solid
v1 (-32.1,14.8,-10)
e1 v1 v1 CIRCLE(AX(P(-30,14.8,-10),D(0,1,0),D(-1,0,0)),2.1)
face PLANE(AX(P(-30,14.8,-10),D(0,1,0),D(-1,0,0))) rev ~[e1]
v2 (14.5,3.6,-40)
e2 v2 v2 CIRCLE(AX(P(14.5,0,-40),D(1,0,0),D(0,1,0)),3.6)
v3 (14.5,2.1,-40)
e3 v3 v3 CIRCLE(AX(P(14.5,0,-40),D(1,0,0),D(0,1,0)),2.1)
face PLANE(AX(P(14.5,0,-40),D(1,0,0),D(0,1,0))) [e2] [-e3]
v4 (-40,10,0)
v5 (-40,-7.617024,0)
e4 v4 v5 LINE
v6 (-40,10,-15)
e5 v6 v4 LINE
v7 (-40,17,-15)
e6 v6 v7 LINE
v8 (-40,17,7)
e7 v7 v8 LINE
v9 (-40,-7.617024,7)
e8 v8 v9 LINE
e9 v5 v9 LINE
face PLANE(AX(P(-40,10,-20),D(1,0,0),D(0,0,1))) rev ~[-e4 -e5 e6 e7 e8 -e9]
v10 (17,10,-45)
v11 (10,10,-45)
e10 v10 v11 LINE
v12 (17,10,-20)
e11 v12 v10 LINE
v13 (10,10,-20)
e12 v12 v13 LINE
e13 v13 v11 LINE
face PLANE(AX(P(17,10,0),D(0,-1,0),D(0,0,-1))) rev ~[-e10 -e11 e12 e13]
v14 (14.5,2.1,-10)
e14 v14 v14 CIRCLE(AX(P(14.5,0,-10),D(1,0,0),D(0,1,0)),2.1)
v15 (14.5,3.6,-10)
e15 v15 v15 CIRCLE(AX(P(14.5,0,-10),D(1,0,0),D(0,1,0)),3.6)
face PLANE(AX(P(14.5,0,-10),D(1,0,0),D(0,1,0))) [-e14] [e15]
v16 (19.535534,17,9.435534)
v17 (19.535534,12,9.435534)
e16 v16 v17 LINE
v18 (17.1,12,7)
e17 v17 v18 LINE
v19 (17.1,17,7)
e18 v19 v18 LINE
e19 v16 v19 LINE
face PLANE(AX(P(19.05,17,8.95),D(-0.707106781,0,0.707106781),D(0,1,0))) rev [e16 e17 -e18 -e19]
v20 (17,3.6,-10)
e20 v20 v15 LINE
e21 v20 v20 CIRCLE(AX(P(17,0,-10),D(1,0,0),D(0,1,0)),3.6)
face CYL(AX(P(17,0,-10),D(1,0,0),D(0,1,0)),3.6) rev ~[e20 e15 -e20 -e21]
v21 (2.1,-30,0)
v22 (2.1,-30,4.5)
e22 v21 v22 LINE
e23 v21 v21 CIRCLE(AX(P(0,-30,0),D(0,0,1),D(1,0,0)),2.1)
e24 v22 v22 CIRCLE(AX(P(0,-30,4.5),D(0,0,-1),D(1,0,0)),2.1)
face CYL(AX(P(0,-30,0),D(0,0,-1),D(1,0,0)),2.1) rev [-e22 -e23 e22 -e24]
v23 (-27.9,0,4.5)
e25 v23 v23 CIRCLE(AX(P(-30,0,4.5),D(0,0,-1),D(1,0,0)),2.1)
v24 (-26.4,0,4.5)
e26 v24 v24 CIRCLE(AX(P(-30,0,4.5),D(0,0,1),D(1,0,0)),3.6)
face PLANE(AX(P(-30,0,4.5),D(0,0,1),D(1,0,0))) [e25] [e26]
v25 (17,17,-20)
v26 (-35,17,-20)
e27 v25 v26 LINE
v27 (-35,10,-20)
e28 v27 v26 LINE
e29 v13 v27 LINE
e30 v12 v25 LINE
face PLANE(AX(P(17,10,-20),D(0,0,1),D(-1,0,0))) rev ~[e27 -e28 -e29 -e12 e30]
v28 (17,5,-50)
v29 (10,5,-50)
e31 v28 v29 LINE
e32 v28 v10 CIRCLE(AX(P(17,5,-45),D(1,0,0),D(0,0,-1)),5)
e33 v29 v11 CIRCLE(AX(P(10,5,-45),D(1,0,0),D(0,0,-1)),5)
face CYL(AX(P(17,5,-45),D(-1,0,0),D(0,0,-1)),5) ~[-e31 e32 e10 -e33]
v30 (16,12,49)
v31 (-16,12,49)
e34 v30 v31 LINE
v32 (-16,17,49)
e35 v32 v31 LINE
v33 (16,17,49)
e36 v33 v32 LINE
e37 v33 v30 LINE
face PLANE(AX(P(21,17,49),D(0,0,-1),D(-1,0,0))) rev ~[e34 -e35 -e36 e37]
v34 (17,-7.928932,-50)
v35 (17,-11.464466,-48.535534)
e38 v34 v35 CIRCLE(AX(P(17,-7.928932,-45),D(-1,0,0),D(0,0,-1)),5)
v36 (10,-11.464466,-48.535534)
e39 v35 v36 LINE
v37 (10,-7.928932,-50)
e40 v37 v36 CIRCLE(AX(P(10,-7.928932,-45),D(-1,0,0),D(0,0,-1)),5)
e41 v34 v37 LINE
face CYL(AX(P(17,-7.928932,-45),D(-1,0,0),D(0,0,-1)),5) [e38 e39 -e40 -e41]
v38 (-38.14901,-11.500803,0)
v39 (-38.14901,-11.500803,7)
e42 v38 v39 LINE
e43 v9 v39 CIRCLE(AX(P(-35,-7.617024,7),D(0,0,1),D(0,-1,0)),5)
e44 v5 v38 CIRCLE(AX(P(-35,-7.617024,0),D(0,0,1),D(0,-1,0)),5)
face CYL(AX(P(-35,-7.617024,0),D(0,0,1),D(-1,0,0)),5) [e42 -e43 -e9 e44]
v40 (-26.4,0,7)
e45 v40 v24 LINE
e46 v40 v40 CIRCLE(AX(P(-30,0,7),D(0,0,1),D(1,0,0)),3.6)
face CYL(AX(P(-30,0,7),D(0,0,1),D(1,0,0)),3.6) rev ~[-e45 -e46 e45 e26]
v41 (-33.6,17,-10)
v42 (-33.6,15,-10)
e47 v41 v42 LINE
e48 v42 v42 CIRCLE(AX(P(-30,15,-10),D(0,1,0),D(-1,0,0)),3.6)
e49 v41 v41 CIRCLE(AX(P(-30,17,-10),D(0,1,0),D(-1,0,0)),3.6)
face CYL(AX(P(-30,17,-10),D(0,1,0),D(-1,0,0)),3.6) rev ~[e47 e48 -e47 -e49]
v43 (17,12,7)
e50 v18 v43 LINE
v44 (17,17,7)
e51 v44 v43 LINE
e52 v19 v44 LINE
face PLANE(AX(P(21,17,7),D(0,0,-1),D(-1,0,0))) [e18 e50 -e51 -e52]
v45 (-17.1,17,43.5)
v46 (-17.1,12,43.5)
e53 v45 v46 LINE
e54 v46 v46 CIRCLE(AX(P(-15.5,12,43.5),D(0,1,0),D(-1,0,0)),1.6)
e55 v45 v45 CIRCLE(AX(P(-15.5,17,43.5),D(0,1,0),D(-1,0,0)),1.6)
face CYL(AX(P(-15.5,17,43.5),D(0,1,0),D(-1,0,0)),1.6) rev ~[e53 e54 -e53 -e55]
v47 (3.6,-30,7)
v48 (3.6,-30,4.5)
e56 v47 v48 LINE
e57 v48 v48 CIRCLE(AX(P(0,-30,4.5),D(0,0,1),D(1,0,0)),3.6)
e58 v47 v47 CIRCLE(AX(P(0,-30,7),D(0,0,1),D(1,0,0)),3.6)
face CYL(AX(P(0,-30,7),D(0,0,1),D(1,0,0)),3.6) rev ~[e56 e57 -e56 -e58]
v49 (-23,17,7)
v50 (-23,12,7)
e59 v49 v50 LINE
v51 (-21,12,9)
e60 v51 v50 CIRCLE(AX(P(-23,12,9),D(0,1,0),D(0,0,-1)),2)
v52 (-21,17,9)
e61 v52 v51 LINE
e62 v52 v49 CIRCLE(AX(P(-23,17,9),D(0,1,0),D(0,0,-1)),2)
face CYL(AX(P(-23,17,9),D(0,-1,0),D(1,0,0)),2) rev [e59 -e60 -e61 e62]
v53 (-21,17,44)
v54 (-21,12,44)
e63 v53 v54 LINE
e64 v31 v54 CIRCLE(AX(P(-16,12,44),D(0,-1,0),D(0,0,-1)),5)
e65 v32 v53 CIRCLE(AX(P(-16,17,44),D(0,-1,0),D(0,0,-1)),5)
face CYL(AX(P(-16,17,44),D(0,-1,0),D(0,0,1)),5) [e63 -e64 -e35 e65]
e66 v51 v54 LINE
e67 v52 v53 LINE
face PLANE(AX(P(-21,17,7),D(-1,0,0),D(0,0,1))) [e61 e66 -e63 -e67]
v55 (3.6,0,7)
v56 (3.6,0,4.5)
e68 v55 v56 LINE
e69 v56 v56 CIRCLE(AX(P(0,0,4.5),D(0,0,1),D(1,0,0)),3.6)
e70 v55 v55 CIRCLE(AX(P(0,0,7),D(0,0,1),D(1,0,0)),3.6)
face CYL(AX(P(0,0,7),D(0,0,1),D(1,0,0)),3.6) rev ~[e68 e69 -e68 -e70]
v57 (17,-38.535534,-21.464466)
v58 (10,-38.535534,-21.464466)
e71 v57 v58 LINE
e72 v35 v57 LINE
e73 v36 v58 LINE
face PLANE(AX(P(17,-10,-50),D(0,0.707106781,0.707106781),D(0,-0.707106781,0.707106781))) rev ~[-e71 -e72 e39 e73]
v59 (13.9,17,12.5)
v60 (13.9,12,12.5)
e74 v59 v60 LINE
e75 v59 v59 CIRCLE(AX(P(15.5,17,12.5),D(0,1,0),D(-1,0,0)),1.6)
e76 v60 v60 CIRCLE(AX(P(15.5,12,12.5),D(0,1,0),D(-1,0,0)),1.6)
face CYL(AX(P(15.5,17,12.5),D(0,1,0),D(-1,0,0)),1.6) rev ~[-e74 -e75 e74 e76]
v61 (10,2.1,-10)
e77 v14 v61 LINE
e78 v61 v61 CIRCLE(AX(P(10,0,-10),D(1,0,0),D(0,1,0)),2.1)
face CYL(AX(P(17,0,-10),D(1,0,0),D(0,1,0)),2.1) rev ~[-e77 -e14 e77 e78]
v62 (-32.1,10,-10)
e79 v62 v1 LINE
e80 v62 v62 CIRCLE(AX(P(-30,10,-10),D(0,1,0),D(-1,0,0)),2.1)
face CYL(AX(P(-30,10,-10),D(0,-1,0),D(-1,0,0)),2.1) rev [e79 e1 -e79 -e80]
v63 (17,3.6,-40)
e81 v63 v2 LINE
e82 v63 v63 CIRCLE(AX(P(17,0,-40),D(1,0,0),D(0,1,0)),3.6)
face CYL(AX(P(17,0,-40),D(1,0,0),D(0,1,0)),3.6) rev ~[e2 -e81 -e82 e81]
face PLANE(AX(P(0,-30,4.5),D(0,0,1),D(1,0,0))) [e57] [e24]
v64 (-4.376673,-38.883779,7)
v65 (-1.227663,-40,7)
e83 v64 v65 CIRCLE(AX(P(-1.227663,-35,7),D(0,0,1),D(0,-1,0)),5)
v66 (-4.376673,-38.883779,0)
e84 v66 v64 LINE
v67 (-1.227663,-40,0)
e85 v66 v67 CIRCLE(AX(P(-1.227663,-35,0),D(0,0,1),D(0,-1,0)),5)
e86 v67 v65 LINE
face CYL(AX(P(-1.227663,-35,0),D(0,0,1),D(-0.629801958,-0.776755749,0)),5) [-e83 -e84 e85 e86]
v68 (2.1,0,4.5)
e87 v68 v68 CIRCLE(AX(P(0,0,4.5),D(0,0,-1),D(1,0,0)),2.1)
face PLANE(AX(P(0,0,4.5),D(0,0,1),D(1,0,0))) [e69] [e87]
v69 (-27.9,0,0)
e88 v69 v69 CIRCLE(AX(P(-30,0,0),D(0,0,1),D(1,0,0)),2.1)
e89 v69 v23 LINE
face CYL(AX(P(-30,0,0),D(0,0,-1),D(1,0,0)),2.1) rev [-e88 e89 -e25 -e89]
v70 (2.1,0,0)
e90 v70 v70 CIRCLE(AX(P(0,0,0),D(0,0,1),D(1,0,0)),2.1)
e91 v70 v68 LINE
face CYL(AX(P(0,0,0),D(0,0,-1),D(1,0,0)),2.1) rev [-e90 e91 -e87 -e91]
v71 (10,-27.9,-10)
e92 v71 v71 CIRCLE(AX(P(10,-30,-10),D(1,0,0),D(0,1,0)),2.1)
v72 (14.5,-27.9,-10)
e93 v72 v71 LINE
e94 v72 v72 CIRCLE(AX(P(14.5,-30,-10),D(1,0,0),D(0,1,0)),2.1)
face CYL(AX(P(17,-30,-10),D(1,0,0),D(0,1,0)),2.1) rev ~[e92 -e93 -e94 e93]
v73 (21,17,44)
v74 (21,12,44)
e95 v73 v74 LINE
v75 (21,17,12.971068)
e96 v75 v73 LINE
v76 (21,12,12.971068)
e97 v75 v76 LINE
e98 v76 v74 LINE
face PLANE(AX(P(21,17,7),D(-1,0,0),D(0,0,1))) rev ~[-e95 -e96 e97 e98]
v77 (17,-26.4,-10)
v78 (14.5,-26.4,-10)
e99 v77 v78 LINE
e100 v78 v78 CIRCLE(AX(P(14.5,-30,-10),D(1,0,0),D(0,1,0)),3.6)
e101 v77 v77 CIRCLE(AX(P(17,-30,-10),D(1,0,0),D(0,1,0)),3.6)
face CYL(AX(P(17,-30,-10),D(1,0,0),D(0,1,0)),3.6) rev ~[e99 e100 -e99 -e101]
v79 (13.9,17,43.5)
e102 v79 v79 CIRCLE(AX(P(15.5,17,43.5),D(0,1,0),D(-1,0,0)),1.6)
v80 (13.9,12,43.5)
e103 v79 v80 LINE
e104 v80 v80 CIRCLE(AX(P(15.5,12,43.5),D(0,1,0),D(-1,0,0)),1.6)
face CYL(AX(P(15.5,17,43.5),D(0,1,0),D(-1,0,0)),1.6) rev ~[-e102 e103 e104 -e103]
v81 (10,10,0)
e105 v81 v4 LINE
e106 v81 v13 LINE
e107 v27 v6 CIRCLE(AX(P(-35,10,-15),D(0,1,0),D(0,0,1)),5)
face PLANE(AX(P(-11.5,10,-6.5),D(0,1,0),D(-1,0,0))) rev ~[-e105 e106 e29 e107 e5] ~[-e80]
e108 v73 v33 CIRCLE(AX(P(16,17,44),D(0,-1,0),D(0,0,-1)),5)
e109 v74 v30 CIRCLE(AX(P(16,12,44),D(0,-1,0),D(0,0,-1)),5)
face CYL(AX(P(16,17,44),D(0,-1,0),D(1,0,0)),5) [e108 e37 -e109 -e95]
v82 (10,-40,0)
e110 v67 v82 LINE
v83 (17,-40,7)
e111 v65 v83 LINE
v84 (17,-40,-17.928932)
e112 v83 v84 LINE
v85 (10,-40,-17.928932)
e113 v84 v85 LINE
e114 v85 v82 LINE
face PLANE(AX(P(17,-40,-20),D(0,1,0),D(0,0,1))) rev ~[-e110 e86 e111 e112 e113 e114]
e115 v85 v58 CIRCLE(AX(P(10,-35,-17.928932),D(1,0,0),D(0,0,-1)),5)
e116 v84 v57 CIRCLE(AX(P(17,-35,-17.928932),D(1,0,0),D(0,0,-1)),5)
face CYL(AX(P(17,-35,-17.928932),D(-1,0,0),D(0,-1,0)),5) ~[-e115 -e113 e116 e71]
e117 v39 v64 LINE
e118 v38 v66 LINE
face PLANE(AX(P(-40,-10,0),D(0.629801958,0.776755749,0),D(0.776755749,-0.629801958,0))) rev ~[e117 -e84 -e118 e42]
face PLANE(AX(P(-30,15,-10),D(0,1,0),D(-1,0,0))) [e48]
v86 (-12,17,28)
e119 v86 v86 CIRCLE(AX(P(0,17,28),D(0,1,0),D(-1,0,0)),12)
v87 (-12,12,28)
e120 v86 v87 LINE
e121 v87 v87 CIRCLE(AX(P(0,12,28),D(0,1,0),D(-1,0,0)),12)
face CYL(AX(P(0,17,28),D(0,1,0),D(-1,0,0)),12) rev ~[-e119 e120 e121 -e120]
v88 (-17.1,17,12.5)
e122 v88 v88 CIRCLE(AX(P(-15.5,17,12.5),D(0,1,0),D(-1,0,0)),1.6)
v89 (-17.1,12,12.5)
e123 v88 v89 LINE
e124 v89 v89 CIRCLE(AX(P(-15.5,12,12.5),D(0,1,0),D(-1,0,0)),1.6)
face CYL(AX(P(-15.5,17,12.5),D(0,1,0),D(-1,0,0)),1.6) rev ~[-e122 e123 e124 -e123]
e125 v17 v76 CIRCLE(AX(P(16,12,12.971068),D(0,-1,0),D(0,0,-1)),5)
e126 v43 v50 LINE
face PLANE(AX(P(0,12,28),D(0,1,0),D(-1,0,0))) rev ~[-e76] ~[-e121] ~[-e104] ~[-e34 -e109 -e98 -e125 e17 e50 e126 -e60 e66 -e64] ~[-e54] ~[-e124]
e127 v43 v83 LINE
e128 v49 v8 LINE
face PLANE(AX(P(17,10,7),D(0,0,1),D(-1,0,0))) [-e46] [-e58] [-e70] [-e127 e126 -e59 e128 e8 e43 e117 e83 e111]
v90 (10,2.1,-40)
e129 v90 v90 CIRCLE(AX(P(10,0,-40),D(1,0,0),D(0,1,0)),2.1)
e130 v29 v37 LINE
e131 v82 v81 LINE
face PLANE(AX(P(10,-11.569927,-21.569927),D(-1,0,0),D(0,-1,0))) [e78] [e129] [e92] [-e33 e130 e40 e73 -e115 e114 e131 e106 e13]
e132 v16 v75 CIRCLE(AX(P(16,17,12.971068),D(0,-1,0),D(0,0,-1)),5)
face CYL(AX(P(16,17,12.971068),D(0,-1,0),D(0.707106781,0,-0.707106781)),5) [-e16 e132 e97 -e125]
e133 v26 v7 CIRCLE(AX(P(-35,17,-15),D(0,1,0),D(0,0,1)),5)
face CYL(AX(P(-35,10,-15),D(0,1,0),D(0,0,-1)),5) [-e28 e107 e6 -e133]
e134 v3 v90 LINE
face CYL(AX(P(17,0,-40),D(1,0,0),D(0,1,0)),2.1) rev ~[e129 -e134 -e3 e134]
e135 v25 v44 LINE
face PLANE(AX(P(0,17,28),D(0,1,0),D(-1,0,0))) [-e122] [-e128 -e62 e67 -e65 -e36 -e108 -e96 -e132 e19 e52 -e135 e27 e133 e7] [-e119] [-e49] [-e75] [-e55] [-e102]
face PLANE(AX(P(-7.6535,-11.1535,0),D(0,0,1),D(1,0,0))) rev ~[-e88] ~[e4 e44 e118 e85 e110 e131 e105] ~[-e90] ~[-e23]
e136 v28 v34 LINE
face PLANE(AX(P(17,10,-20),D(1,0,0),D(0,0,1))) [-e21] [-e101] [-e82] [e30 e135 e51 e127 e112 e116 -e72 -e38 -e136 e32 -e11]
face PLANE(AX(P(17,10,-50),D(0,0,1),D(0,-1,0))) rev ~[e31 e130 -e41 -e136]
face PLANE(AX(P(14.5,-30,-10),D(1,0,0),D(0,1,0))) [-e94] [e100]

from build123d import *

# Parameters (mm, degrees)
SKETCH_R        = 2.1
PAD_DEPTH       = 7
SKETCH001_R     = 2.1
PAD001_DEPTH    = 7
SKETCH002_W     = 57
SKETCH002_H     = 27
SKETCH002_R     = 2.1
PAD002_DEPTH    = 7
SKETCH003_R     = 3.6
POCKET_DEPTH    = 2.5
SKETCH004_R     = 3.6
POCKET001_DEPTH = 2
SKETCH005_R     = 3.6
POCKET002_DEPTH = 2
SKETCH006_W     = 42
SKETCH006_H     = 42
SKETCH006_R     = 1.6
SKETCH006_R_2   = 12
PAD003_DEPTH    = 5
SKETCH007_R     = 3.6
POCKET003_DEPTH = 2.5
SKETCH008_R     = 2.1
PAD004_DEPTH    = 0.2
CHAMFER_SIZE    = 3.9
FILLET_R        = 5
FILLET001_R     = 2
FILLET002_R     = 5
FILLET003_R     = 5
FILLET004_R     = 5


with BuildPart() as part:
    # Sketch → Pad (new body)
    with BuildSketch(Plane.XY):
        Polygon((-40, 10), (-40, -10), (-3, -40), (17, -40), (17, 10), align=None)
        Circle(SKETCH_R, mode=Mode.SUBTRACT)
        with Locations((0, -30)):
            Circle(SKETCH_R, mode=Mode.SUBTRACT)
        with Locations((-30, 0)):
            Circle(SKETCH_R, mode=Mode.SUBTRACT)
    extrude(amount=PAD_DEPTH)

    # Sketch001 → Pad001 (new body)
    with BuildSketch(Plane.YZ.offset(17)):
        Polygon((10, 0), (10, -50), (-10, -50), (-40, -20), (-40, 0), align=None)
        with Locations((0, -10)):
            Circle(SKETCH001_R, mode=Mode.SUBTRACT)
        with Locations((0, -40)):
            Circle(SKETCH001_R, mode=Mode.SUBTRACT)
        with Locations((-30, -10)):
            Circle(SKETCH001_R, mode=Mode.SUBTRACT)
    extrude(amount=-PAD001_DEPTH)

    # Sketch002 → Pad002 (new body)
    with BuildSketch(Plane(origin=(0, 10, 0), x_dir=(-1, 0, 0), z_dir=(0, 1, 0))):
        with Locations((11.5, -6.5)):
            Rectangle(SKETCH002_W, SKETCH002_H)
        with Locations((30, -10)):
            Circle(SKETCH002_R, mode=Mode.SUBTRACT)
    extrude(amount=PAD002_DEPTH)

    # Sketch003 → Pocket (cut)
    with BuildSketch(Plane.XY.offset(7)):
        Circle(SKETCH003_R)
        with Locations((-30, 0)):
            Circle(SKETCH003_R)
        with Locations((0, -30)):
            Circle(SKETCH003_R)
    extrude(amount=-POCKET_DEPTH, mode=Mode.SUBTRACT)

    # Sketch004 → Pocket001 (cut)
    with BuildSketch(Plane(origin=(-40, 0, 0), x_dir=(0, -1, 0), z_dir=(-1, 0, 0))):
        with Locations((-30, -10)):
            Circle(SKETCH004_R)
        with Locations((0, -10)):
            Circle(SKETCH004_R)
        with Locations((0, -40)):
            Circle(SKETCH004_R)
    extrude(amount=-POCKET001_DEPTH, mode=Mode.SUBTRACT)

    # Sketch005 → Pocket002 (cut)
    with BuildSketch(Plane(origin=(0, 17, 0), x_dir=(-1, 0, 0), z_dir=(0, 1, 0))):
        with Locations((30, -10)):
            Circle(SKETCH005_R)
    extrude(amount=-POCKET002_DEPTH, mode=Mode.SUBTRACT)

    # Sketch006 → Pad003 (new body)
    with BuildSketch(Plane(origin=(0, 17, 0), x_dir=(-1, 0, 0), z_dir=(0, 1, 0))):
        with Locations((0, 28)):
            Rectangle(SKETCH006_W, SKETCH006_H)
        with Locations((-15.5, 43.5)):
            Circle(SKETCH006_R, mode=Mode.SUBTRACT)
        with Locations((15.5, 43.5)):
            Circle(SKETCH006_R, mode=Mode.SUBTRACT)
        with Locations((15.5, 12.5)):
            Circle(SKETCH006_R, mode=Mode.SUBTRACT)
        with Locations((-15.5, 12.5)):
            Circle(SKETCH006_R, mode=Mode.SUBTRACT)
        with Locations((0, 28)):
            Circle(SKETCH006_R_2, mode=Mode.SUBTRACT)
    extrude(amount=-PAD003_DEPTH)

    # Sketch007 → Pocket003 (cut)
    with BuildSketch(Plane.YZ.offset(17)):
        with Locations((-30, -10)):
            Circle(SKETCH007_R)
        with Locations((0, -10)):
            Circle(SKETCH007_R)
        with Locations((0, -40)):
            Circle(SKETCH007_R)
    extrude(amount=-POCKET003_DEPTH, mode=Mode.SUBTRACT)

    # Sketch008 → Pad004 (new body)
    with BuildSketch(Plane(origin=(0, 15, 0), x_dir=(-1, 0, 0), z_dir=(0, 1, 0))):
        with Locations((30, -10)):
            Circle(SKETCH008_R)
    extrude(amount=-PAD004_DEPTH)

    # Chamfer
    chamfer_edges = [part.edges().sort_by_distance(p)[0] for p in [
        (21, 14.5, 7),
    ]]
    chamfer(chamfer_edges, length=CHAMFER_SIZE)

    # Fillet
    fillet_edges = [part.edges().sort_by_distance(p)[0] for p in [
        (21, 14.5, 49),
        (-21, 14.5, 49),
    ]]
    fillet(fillet_edges, radius=FILLET_R)

    # Fillet001
    fillet001_edges = [part.edges().sort_by_distance(p)[0] for p in [
        (-21, 14.5, 7),
    ]]
    fillet(fillet001_edges, radius=FILLET001_R)

    # Fillet002
    fillet002_edges = [part.edges().sort_by_distance(p)[0] for p in [
        (13.5, 10, -50),
        (-40, 13.5, -20),
    ]]
    fillet(fillet002_edges, radius=FILLET002_R)

    # Fillet003
    fillet003_edges = [part.edges().sort_by_distance(p)[0] for p in [
        (13.5, -40, -20),
        (-3, -40, 3.5),
        (-40, -10, 3.5),
        (13.5, -10, -50),
    ]]
    fillet(fillet003_edges, radius=FILLET003_R)

    # Fillet004
    fillet004_edges = [part.edges().sort_by_distance(p)[0] for p in [
        (21, 14.5, 10.9),
    ]]
    fillet(fillet004_edges, radius=FILLET004_R)


solid = part.part
